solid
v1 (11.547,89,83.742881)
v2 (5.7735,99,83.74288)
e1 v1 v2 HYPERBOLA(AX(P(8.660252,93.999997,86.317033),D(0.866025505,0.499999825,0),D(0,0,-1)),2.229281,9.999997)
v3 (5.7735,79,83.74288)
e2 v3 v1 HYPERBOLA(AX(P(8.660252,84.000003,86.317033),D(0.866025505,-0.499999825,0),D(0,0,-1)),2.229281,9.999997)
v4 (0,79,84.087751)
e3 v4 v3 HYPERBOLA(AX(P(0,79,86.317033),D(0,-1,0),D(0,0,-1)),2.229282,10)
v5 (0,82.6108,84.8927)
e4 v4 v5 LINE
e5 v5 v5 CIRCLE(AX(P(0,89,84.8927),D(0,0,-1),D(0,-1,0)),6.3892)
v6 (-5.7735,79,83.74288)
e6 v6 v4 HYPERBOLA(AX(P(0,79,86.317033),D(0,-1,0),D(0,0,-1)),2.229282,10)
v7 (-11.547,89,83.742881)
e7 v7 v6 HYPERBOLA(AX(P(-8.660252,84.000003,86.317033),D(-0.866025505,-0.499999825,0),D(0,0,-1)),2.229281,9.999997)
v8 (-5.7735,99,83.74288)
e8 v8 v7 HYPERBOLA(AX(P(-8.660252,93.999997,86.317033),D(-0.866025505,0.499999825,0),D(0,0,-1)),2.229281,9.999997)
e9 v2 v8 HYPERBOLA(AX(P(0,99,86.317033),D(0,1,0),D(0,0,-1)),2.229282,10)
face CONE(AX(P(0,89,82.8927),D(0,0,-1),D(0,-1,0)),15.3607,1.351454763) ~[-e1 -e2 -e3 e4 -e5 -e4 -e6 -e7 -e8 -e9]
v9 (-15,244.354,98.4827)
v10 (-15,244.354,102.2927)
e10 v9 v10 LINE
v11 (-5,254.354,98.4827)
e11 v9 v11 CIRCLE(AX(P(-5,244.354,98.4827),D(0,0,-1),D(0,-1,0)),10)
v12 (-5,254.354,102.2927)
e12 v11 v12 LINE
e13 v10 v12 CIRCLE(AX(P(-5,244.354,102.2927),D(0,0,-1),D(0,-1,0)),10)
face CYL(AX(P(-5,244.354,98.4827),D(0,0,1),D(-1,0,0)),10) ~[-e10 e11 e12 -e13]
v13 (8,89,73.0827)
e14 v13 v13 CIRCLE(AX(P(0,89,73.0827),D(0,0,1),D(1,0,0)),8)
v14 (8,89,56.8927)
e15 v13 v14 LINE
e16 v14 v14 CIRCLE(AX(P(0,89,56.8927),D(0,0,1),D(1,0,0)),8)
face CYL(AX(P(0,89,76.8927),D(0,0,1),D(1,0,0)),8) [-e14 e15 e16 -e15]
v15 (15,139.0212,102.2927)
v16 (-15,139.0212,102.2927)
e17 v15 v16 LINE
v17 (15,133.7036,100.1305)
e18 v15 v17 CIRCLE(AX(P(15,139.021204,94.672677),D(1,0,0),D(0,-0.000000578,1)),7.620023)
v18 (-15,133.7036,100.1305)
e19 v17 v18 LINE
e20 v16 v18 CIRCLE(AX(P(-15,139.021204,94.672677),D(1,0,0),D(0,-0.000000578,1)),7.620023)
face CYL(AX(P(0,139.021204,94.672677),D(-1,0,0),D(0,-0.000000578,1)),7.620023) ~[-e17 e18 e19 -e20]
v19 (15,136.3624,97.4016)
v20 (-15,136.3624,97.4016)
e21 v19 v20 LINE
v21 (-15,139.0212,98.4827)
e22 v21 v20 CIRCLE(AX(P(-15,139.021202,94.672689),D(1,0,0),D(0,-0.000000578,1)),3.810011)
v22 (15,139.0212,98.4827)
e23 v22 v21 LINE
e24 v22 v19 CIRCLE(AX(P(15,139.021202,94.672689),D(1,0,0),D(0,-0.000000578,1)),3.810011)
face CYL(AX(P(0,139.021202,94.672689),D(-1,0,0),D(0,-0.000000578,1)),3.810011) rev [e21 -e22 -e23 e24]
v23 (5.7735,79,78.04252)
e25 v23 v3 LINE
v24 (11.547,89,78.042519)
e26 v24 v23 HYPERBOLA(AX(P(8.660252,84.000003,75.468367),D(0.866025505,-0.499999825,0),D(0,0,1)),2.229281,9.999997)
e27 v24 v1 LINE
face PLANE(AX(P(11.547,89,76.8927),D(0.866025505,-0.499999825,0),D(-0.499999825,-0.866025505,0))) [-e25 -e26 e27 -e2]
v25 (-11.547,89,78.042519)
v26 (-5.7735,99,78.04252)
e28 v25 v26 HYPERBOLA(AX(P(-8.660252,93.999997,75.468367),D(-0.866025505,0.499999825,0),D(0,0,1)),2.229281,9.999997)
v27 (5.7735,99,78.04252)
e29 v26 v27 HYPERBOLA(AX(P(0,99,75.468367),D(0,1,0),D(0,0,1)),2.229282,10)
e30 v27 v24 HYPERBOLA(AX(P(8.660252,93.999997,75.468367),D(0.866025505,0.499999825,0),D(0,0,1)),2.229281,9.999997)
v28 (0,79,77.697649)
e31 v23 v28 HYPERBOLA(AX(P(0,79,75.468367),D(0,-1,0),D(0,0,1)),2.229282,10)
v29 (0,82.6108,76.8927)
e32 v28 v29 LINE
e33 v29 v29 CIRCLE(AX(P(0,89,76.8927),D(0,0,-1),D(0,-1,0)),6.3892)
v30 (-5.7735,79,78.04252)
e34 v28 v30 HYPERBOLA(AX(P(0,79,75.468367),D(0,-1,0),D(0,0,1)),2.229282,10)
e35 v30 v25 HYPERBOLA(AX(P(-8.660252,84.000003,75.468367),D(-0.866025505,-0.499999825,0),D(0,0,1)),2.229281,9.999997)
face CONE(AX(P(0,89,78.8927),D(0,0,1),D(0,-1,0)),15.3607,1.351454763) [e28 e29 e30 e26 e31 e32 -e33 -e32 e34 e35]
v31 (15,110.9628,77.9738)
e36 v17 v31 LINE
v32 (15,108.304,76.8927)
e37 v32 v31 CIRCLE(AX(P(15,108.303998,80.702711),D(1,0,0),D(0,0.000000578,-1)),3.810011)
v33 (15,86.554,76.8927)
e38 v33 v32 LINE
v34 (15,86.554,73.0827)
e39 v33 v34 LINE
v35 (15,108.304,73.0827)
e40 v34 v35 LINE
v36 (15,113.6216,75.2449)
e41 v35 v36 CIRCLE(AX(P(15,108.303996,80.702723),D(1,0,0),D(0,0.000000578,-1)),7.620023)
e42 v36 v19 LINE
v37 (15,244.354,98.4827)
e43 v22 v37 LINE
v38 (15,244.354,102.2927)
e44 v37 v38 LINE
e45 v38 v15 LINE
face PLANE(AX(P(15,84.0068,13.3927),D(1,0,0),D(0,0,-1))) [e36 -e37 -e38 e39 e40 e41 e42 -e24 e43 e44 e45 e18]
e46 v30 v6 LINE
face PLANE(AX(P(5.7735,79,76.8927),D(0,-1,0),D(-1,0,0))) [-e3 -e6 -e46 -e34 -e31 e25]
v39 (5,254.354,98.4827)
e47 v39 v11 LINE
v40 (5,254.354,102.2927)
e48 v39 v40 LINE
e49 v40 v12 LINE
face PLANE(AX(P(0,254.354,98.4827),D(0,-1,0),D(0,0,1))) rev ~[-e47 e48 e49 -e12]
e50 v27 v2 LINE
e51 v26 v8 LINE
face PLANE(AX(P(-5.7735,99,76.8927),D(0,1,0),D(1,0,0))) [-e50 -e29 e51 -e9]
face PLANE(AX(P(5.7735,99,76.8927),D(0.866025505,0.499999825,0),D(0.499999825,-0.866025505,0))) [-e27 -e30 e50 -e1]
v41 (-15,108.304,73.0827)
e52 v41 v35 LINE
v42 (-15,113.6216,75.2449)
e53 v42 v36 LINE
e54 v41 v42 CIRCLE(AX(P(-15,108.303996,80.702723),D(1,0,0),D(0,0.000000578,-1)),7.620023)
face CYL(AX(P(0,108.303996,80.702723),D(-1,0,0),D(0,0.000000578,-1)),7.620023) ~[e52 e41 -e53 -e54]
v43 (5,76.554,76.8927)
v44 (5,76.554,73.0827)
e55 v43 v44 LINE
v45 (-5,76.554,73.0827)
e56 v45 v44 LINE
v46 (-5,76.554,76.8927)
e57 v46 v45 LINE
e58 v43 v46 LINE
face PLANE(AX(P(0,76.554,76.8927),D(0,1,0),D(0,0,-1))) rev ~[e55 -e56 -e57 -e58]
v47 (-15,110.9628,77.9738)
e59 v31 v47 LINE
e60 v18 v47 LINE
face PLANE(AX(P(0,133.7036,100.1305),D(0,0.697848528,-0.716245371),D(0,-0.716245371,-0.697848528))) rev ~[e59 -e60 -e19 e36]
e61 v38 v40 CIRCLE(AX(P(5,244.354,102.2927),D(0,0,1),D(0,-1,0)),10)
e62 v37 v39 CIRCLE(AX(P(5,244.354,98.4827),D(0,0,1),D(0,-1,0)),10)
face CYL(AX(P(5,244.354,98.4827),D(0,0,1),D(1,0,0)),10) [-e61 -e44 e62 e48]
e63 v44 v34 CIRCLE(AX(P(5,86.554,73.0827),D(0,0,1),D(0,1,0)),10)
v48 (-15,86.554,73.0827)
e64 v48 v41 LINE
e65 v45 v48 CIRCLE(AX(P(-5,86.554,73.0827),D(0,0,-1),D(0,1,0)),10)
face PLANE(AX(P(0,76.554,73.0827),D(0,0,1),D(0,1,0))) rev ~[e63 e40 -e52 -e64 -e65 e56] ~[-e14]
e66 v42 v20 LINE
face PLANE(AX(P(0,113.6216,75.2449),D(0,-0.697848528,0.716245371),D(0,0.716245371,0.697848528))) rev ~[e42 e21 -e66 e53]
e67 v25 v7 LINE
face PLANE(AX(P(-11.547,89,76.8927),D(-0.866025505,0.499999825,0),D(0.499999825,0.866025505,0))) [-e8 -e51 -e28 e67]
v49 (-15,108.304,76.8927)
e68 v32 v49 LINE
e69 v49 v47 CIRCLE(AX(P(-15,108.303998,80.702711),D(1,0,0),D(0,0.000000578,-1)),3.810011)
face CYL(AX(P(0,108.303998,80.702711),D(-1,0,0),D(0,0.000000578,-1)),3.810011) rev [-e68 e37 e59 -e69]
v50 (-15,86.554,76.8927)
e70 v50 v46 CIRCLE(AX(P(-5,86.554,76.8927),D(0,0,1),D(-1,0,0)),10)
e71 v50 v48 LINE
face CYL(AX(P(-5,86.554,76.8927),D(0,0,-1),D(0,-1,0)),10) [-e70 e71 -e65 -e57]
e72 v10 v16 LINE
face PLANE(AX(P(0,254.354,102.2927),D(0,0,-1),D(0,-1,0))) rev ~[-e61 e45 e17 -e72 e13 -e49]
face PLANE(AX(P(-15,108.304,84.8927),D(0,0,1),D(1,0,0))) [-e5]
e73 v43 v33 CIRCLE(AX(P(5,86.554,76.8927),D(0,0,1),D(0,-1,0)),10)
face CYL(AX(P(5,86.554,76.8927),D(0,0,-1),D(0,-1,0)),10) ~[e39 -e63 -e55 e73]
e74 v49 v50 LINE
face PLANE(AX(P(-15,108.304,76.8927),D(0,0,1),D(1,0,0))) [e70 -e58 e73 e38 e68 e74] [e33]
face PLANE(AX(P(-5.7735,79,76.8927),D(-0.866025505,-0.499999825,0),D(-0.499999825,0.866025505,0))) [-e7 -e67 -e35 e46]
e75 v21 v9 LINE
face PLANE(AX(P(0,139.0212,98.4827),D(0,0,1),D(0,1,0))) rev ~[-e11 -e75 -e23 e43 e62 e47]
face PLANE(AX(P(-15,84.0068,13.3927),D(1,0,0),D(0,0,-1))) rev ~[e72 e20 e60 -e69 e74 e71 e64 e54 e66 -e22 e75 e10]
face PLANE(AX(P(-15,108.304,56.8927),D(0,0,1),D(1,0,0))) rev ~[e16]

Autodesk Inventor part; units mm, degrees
ref_plane "YZ Plane" through (0, 0, 0) normal (1, 0, 0) x (0, 1, 0)
ref_plane "Work Plane11" through (0, 89, 0) normal (0, -1, 0) x (1, 0, 0)
ref_plane "Work Plane12" through (0, 89, 62.5) normal (0, 0, 1) x (1, 0, 0)
sketch "Sketch60" plane through (0, 84.0068, 13.3927) normal (1, 0, 0) x (0, 0, -1)
  line L0 (-59.69, -7.4528) -> (-59.69, 24.2972)
  arc A0 (-59.69, 24.2972) -> (-61.8522, 29.6148) centre (-67.31, 24.2972) ccw
  line L1 (-61.8522, 29.6148) -> (-84.0089, 52.3556)
  arc A1 (-85.09, 55.0144) -> (-84.0089, 52.3556) centre (-81.28, 55.0144) ccw
  line L2 (-85.09, 55.0144) -> (-85.09, 170.3472)
  line L3 (-85.09, 170.3472) -> (-88.9, 170.3472)
  line L4 (-88.9, 170.3472) -> (-88.9, 55.0144)
  arc A2 (-88.9, 55.0144) -> (-86.7378, 49.6968) centre (-81.28, 55.0144) ccw
  line L5 (-86.7378, 49.6968) -> (-64.5811, 26.956)
  arc A3 (-63.5, 24.2972) -> (-64.5811, 26.956) centre (-67.31, 24.2972) ccw
  line L6 (-63.5, 24.2972) -> (-63.5, -7.4528)
  line L7 (-63.5, -7.4528) -> (-59.69, -7.4528)
  line L8 (0, -18.034) -> (0, 124.206)
  line L9 (-28.0662, 4.9932) -> (-56.6073, 4.9932)
  line L10 (-56.6073, -20.0068) -> (-56.6073, 29.9932)
  dimension "d306" = 3.81
  dimension "d307" = 3.81
  dimension "d308" = 3.81
  dimension "d304" = 177.8
  dimension "d311" = 31.75
  dimension "d309" = 31.75
  dimension "d305" = 25.4
  dimension "d310" = 59.69
  dimension "d303" = 12.446
extrude "Extrusion43" add sketch "Sketch60" along normal mid plane 30
fillet "Fillet57" radius 10 4 edges at (-15, 76.554, 74.9877) (15, 76.554, 74.9877) (-15, 254.354, 100.3877) (15, 254.354, 100.3877)
sketch "Sketch61" plane through (-15, 108.304, 76.8927) normal (0, 0, 1) x (1, 0, 0)
  circle A0 centre (15, -19.304) radius 25
  circle A1 centre (15, -19.304) radius 8
  line L0 (3.453, -19.304) -> (9.2265, -9.304)
  line L1 (9.2265, -9.304) -> (20.7735, -9.304)
  line L2 (20.7735, -9.304) -> (26.547, -19.304)
  line L3 (26.547, -19.304) -> (20.7735, -29.304)
  line L4 (20.7735, -29.304) -> (9.2265, -29.304)
  line L5 (9.2265, -29.304) -> (3.453, -19.304)
  dimension "d321" = 16
  dimension "d324" = 20
extrude "Extrusion44" add sketch "Sketch61" against normal blind 20 contours A1
extrude "Extrusion45" add sketch "Sketch61" along normal blind 8 contours A1 | L0 L1 L2 L3 L4 L5
sketch "Sketch62" plane through (0, 0, 0) normal (1, 0, 0) x (0, 1, 0)
  line L0 (89, 76.8927) -> (79, 76.8927) projected
  line L1 (79, 84.8927) -> (89, 84.8927) projected
  line L2 (73.6393, 84.8927) -> (73.6393, 82.8927)
  line L3 (73.6393, 82.8927) -> (82.6108, 84.8927)
  line L4 (73.6393, 76.8927) -> (73.6393, 78.8927)
  line L5 (73.6393, 78.8927) -> (82.6108, 76.8927)
  line L6 (89, 115.9127) -> (89, 52.3527) projected
  line L7 (73.6393, 84.8927) -> (82.6108, 84.8927)
  line L8 (73.6393, 76.8927) -> (82.6108, 76.8927)
  dimension "d330" = 2
revolve "Revolution1" cut sketch "Sketch62" angle 360 about axis through (0, 89, 76.8927) along (0, 0, -1)
equation "\"NB\" = 50"
equation "\"PipeOD\" = 60.325"
equation "\"FlangeOD\" = 165"
equation "\"FlangefaceOD\" = 102"
equation "\"Holedia\" = 19"
equation "\"Holenum\" = 4"
equation "\"PCD\" = 125"
equation "\"Flangethk\" = 16"
equation "\"Flangefacethk\" = 3"
properties part number "Flanged Ball Valve Handle" material "Cast Iron"
